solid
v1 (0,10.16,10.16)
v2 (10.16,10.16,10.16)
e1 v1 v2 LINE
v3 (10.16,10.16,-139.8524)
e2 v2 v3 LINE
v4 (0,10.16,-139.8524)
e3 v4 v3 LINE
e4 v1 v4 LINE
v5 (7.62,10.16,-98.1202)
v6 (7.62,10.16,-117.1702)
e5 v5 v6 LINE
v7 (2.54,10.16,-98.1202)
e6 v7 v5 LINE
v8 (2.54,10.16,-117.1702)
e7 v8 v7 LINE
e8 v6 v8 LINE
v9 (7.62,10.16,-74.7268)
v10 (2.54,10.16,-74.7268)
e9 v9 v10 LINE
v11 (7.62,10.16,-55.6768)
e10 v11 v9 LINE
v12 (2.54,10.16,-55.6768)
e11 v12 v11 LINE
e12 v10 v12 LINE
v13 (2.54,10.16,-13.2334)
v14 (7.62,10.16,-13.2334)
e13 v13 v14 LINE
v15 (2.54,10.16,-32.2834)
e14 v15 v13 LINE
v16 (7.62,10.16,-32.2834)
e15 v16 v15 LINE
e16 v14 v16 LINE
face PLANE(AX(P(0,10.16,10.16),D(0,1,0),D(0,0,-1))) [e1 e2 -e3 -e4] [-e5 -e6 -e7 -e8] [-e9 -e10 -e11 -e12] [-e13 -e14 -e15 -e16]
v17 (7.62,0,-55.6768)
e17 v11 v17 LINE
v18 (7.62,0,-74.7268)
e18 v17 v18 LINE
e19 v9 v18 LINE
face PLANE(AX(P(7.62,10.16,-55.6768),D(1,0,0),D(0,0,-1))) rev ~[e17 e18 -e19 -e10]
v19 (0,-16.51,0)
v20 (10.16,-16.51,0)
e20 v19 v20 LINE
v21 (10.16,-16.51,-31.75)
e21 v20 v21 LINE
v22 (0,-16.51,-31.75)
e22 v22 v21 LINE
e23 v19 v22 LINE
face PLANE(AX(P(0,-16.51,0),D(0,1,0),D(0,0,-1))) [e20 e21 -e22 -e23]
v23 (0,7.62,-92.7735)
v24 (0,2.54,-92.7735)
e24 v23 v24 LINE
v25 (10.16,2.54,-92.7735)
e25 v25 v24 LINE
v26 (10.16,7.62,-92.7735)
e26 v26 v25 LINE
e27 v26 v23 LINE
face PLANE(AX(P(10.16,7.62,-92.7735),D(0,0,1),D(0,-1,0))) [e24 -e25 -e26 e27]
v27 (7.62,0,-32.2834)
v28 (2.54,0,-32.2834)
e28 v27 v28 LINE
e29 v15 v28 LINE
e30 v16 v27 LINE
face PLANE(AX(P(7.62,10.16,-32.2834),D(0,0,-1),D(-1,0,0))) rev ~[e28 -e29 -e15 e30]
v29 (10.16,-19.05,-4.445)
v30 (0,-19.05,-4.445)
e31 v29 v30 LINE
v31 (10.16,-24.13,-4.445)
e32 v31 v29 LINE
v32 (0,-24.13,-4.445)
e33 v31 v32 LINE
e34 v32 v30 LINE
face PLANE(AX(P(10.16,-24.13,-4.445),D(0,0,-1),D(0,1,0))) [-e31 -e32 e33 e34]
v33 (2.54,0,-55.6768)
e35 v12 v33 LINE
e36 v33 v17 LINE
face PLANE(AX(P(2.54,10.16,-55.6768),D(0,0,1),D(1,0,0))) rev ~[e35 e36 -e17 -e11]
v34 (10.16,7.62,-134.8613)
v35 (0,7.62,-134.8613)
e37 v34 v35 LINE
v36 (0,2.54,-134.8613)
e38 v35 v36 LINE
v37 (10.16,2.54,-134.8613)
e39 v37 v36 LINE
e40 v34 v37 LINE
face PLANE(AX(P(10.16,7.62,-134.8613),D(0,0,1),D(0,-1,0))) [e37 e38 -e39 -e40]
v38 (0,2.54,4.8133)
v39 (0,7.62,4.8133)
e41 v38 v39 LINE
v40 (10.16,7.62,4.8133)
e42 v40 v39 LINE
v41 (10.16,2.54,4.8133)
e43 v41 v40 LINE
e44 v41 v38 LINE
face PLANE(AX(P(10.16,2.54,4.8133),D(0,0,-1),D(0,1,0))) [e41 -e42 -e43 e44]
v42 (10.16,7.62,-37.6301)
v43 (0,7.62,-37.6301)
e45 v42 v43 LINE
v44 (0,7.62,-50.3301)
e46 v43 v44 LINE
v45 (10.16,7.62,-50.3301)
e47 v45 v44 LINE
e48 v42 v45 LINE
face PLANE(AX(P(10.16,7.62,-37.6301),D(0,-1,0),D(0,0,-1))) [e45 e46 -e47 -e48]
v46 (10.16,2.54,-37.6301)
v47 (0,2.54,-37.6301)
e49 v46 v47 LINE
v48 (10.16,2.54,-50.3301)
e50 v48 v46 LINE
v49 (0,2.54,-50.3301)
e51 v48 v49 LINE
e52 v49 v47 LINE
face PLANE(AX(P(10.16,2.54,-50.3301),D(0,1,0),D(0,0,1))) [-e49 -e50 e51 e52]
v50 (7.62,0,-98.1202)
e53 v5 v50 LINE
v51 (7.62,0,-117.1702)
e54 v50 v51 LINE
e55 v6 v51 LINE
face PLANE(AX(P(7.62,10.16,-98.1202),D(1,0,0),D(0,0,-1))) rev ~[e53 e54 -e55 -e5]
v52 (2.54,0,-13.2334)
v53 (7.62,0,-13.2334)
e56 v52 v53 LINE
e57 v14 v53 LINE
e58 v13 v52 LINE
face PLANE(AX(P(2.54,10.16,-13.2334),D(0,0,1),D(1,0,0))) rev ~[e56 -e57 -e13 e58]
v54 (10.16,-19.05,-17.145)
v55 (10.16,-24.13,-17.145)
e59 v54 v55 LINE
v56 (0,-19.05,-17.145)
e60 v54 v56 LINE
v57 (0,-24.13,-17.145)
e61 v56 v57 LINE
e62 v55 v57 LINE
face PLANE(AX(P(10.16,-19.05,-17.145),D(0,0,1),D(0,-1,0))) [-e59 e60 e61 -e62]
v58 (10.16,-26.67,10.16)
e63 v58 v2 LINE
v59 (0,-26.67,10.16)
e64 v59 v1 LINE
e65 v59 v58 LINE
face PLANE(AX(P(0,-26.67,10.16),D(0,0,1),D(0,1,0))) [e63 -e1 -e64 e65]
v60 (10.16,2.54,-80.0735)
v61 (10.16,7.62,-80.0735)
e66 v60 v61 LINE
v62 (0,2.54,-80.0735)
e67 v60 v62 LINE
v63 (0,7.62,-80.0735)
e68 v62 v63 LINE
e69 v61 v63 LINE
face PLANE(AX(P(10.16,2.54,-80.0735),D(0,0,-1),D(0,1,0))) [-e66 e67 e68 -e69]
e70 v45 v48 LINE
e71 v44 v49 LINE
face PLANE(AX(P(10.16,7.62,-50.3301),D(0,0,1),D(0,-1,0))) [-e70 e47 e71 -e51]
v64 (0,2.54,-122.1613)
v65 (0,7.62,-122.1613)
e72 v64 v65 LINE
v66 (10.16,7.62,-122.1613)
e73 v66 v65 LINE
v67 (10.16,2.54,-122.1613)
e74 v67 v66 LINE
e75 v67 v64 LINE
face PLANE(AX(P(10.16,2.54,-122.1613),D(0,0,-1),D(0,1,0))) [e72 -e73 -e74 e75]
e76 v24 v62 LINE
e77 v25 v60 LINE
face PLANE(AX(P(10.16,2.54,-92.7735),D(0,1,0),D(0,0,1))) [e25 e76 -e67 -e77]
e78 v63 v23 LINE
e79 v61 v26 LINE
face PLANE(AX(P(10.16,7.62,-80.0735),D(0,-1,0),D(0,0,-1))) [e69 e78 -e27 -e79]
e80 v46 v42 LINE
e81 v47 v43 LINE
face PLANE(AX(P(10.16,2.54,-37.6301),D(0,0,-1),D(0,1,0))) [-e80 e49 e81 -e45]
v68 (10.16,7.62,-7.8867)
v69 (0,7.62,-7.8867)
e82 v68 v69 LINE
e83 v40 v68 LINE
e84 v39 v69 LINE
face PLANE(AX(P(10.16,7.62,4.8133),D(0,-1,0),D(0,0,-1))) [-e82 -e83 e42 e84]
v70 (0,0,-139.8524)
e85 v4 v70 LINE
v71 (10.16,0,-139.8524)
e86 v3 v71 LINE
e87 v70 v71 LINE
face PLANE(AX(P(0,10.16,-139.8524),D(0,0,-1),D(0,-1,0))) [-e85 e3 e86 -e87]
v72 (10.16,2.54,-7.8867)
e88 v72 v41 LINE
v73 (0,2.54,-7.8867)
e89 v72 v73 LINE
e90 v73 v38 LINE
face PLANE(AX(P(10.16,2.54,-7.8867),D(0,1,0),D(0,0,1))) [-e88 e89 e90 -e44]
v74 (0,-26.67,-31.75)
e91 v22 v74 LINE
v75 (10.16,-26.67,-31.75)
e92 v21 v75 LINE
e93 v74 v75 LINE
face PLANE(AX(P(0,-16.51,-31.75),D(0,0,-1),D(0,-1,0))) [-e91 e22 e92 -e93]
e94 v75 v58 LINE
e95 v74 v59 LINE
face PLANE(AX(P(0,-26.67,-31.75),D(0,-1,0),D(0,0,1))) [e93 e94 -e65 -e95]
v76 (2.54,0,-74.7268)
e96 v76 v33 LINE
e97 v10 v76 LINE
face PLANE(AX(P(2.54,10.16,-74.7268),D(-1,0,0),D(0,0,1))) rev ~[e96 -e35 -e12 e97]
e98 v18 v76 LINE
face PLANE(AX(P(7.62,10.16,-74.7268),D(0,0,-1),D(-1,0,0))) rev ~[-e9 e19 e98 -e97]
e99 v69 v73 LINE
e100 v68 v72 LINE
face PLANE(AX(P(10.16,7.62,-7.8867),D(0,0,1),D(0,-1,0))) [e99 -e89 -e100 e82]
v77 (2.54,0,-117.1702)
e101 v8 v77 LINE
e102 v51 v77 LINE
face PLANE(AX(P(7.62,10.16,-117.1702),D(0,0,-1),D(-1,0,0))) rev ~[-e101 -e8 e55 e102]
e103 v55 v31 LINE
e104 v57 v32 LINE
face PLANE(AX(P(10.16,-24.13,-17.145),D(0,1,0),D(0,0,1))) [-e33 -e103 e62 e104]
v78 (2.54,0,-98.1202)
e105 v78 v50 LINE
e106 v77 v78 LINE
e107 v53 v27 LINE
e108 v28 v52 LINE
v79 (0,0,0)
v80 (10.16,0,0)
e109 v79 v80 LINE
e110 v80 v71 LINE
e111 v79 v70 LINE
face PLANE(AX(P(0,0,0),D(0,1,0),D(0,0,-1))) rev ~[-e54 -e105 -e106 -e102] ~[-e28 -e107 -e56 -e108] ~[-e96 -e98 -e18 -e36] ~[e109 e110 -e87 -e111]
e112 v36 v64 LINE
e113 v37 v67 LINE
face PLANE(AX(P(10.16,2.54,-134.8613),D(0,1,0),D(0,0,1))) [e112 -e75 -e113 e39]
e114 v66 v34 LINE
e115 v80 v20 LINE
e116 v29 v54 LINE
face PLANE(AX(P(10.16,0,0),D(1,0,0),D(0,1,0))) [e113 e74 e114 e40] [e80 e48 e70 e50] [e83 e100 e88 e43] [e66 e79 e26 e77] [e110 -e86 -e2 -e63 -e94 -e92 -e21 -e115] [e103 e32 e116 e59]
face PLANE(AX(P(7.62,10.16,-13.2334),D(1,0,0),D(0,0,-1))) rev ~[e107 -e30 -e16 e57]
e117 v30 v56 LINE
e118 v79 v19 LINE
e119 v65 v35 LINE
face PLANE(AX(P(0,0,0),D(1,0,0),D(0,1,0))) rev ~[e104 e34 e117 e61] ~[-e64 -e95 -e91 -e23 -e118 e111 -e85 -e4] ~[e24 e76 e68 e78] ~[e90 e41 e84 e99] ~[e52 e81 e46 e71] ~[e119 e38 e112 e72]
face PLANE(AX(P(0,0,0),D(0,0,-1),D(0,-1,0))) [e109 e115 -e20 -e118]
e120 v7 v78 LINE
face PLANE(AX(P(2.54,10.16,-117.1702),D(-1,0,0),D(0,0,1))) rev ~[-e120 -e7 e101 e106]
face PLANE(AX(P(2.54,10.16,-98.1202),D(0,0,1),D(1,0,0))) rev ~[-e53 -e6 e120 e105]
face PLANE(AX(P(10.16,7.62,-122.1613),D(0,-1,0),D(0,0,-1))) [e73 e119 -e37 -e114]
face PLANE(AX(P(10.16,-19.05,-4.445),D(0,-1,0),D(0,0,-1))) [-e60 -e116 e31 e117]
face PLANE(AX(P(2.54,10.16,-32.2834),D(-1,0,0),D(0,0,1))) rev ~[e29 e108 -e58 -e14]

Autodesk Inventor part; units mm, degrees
ref_plane "YZ Plane" through (0, 0, 0) normal (1, 0, 0) x (0, 1, 0)
ref_plane "XZ Plane" through (0, 0, 0) normal (0, 1, 0) x (-1, 0, 0)
ref_plane "XY Plane" through (0, 0, 0) normal (0, 0, 1) x (1, 0, 0)
sketch "Sketch1" plane through (0, 0, 0) normal (1, 0, 0) x (0, 1, 0)
  line L0 (0, 0) -> (0, -139.8524)
  line L1 (0, 0) -> (-16.51, 0)
  line L2 (-16.51, 0) -> (-16.51, -31.75)
  line L3 (-16.51, -31.75) -> (-26.67, -31.75)
  line L4 (-26.67, -31.75) -> (-26.67, 10.16)
  line L5 (-26.67, 10.16) -> (10.16, 10.16)
  line L6 (10.16, 10.16) -> (10.16, -139.8524)
  line L7 (10.16, -139.8524) -> (0, -139.8524)
  dimension "d1" = 10.16
  dimension "d2" = 10.16
  dimension "d3" = 16.51
  dimension "d4" = 31.75
  dimension "d5" = 10.16
  dimension "d17" = 150.0124
extrude "Extrusion1" add sketch "Sketch1" along normal blind 10.16
sketch "Sketch2" plane through (0, 10.16, 10.16) normal (0, 1, 0) x (1, 0, 0)
  line L0 (2.54, 23.3934) -> (7.62, 23.3934)
  line L1 (7.62, 23.3934) -> (7.62, 42.4434)
  line L2 (7.62, 42.4434) -> (2.54, 42.4434)
  line L3 (2.54, 42.4434) -> (2.54, 23.3934)
  line L4 (0, 0) -> (10.16, 0) projected
  line L5 (0, 150.0124) -> (0, 0) projected
  line L6 (10.16, 150.0124) -> (10.16, 0) projected
  line L7 (2.54, 65.8368) -> (7.62, 65.8368)
  line L8 (7.62, 65.8368) -> (7.62, 84.8868)
  line L9 (7.62, 84.8868) -> (2.54, 84.8868)
  line L10 (2.54, 84.8868) -> (2.54, 65.8368)
  line L11 (2.54, 108.2802) -> (7.62, 108.2802)
  line L12 (7.62, 108.2802) -> (7.62, 127.3302)
  line L13 (7.62, 127.3302) -> (2.54, 127.3302)
  line L14 (2.54, 127.3302) -> (2.54, 108.2802)
  line L15 (0, 150.0124) -> (10.16, 150.0124) projected
  point P0 (0, 10.16)
  dimension "d8" = 23.3934
  dimension "d9" = 19.05
  dimension "d10" = 5.08
  dimension "d11" = 2.54
  dimension "d12" = 2.54
  dimension "d13" = 19.05
  dimension "d14" = 23.3934
  dimension "d15" = 19.05
  dimension "d16" = 23.3934
  dimension "d18" = 22.6822
  dimension "d19" = 5.08
  dimension "d20" = 5.08
  dimension "d21" = 2.54
  dimension "d22" = 2.54
  dimension "d23" = 2.54
  dimension "d24" = 2.54
extrude "Extrusion2" cut sketch "Sketch2" against normal blind 10.16 contours L3 L2 L1 L0 | L10 L9 L8 L7 | L14 L13 L12 L11
sketch "Sketch3" plane through (10.16, 0, 0) normal (1, 0, 0) x (0, 0, -1)
  line L0 (17.145, -24.13) -> (4.445, -24.13)
  line L1 (4.445, -24.13) -> (4.445, -19.05)
  line L2 (4.445, -19.05) -> (17.145, -19.05)
  line L3 (17.145, -19.05) -> (17.145, -24.13)
  line L4 (31.75, -16.51) -> (0, -16.51) projected
  line L5 (-10.16, -26.67) -> (31.75, -26.67) projected
  line L6 (-10.16, 10.16) -> (-10.16, -26.67) projected
  line L7 (31.75, -26.67) -> (31.75, -16.51) projected
  line L8 (-4.8133, 7.62) -> (7.8867, 7.62)
  line L9 (7.8867, 7.62) -> (7.8867, 2.54)
  line L10 (7.8867, 2.54) -> (-4.8133, 2.54)
  line L11 (-4.8133, 2.54) -> (-4.8133, 7.62)
  line L12 (139.8524, 10.16) -> (-10.16, 10.16) projected
  line L13 (0, 0) -> (139.8524, 0) projected
  line L14 (134.8613, 2.54) -> (122.1613, 2.54)
  line L15 (122.1613, 2.54) -> (122.1613, 7.62)
  line L16 (122.1613, 7.62) -> (134.8613, 7.62)
  line L17 (134.8613, 7.62) -> (134.8613, 2.54)
  line L18 (139.8524, 0) -> (139.8524, 10.16) projected
  line L19 (80.0735, 7.62) -> (92.7735, 7.62)
  line L20 (92.7735, 7.62) -> (92.7735, 2.54)
  line L21 (92.7735, 2.54) -> (80.0735, 2.54)
  line L22 (80.0735, 2.54) -> (80.0735, 7.62)
  line L23 (37.6301, 7.62) -> (50.3301, 7.62)
  line L24 (50.3301, 7.62) -> (50.3301, 2.54)
  line L25 (50.3301, 2.54) -> (37.6301, 2.54)
  line L26 (37.6301, 2.54) -> (37.6301, 7.62)
  point P0 (13.2334, 10.16)
  point P1 (117.1702, 10.16)
  point P2 (55.6768, 10.16)
  point P3 (32.2834, 10.16)
  point P4 (74.7268, 10.16)
  point P5 (98.1202, 10.16)
  dimension "d27" = 12.7
  dimension "d28" = 2.54
  dimension "d29" = 5.08
  dimension "d30" = 2.54
  dimension "d31" = 14.605
  dimension "d32" = 14.605
  dimension "d33" = 5.3467
  dimension "d34" = 12.7
  dimension "d35" = 5.3467
  dimension "d36" = 5.08
  dimension "d37" = 2.54
  dimension "d38" = 2.54
  dimension "d39" = 5.08
  dimension "d40" = 4.9911
  dimension "d41" = 12.7
  dimension "d42" = 4.9911
  dimension "d43" = 2.54
  dimension "d44" = 2.54
  dimension "d45" = 12.7
  dimension "d46" = 5.3467
  dimension "d47" = 5.3467
  dimension "d48" = 12.7
  dimension "d49" = 5.3467
  dimension "d50" = 5.3467
extrude "Extrusion3" cut sketch "Sketch3" against normal through all
equation "\"d2\" = d1"
equation "\"d11\" = d12"
equation "\"d13\" = d9"
equation "\"d14\" = d8"
equation "\"d15\" = d13"
equation "\"d16\" = d14"
equation "\"d28\" = d30"
equation "\"d31\" = d32"
equation "\"d33\" = d35"
equation "\"d37\" = d38"
equation "\"d40\" = d42"
equation "\"d43\" = d44"
equation "\"d46\" = d47"
equation "\"d49\" = d50"
properties part number "spool holder" material "PLA"
